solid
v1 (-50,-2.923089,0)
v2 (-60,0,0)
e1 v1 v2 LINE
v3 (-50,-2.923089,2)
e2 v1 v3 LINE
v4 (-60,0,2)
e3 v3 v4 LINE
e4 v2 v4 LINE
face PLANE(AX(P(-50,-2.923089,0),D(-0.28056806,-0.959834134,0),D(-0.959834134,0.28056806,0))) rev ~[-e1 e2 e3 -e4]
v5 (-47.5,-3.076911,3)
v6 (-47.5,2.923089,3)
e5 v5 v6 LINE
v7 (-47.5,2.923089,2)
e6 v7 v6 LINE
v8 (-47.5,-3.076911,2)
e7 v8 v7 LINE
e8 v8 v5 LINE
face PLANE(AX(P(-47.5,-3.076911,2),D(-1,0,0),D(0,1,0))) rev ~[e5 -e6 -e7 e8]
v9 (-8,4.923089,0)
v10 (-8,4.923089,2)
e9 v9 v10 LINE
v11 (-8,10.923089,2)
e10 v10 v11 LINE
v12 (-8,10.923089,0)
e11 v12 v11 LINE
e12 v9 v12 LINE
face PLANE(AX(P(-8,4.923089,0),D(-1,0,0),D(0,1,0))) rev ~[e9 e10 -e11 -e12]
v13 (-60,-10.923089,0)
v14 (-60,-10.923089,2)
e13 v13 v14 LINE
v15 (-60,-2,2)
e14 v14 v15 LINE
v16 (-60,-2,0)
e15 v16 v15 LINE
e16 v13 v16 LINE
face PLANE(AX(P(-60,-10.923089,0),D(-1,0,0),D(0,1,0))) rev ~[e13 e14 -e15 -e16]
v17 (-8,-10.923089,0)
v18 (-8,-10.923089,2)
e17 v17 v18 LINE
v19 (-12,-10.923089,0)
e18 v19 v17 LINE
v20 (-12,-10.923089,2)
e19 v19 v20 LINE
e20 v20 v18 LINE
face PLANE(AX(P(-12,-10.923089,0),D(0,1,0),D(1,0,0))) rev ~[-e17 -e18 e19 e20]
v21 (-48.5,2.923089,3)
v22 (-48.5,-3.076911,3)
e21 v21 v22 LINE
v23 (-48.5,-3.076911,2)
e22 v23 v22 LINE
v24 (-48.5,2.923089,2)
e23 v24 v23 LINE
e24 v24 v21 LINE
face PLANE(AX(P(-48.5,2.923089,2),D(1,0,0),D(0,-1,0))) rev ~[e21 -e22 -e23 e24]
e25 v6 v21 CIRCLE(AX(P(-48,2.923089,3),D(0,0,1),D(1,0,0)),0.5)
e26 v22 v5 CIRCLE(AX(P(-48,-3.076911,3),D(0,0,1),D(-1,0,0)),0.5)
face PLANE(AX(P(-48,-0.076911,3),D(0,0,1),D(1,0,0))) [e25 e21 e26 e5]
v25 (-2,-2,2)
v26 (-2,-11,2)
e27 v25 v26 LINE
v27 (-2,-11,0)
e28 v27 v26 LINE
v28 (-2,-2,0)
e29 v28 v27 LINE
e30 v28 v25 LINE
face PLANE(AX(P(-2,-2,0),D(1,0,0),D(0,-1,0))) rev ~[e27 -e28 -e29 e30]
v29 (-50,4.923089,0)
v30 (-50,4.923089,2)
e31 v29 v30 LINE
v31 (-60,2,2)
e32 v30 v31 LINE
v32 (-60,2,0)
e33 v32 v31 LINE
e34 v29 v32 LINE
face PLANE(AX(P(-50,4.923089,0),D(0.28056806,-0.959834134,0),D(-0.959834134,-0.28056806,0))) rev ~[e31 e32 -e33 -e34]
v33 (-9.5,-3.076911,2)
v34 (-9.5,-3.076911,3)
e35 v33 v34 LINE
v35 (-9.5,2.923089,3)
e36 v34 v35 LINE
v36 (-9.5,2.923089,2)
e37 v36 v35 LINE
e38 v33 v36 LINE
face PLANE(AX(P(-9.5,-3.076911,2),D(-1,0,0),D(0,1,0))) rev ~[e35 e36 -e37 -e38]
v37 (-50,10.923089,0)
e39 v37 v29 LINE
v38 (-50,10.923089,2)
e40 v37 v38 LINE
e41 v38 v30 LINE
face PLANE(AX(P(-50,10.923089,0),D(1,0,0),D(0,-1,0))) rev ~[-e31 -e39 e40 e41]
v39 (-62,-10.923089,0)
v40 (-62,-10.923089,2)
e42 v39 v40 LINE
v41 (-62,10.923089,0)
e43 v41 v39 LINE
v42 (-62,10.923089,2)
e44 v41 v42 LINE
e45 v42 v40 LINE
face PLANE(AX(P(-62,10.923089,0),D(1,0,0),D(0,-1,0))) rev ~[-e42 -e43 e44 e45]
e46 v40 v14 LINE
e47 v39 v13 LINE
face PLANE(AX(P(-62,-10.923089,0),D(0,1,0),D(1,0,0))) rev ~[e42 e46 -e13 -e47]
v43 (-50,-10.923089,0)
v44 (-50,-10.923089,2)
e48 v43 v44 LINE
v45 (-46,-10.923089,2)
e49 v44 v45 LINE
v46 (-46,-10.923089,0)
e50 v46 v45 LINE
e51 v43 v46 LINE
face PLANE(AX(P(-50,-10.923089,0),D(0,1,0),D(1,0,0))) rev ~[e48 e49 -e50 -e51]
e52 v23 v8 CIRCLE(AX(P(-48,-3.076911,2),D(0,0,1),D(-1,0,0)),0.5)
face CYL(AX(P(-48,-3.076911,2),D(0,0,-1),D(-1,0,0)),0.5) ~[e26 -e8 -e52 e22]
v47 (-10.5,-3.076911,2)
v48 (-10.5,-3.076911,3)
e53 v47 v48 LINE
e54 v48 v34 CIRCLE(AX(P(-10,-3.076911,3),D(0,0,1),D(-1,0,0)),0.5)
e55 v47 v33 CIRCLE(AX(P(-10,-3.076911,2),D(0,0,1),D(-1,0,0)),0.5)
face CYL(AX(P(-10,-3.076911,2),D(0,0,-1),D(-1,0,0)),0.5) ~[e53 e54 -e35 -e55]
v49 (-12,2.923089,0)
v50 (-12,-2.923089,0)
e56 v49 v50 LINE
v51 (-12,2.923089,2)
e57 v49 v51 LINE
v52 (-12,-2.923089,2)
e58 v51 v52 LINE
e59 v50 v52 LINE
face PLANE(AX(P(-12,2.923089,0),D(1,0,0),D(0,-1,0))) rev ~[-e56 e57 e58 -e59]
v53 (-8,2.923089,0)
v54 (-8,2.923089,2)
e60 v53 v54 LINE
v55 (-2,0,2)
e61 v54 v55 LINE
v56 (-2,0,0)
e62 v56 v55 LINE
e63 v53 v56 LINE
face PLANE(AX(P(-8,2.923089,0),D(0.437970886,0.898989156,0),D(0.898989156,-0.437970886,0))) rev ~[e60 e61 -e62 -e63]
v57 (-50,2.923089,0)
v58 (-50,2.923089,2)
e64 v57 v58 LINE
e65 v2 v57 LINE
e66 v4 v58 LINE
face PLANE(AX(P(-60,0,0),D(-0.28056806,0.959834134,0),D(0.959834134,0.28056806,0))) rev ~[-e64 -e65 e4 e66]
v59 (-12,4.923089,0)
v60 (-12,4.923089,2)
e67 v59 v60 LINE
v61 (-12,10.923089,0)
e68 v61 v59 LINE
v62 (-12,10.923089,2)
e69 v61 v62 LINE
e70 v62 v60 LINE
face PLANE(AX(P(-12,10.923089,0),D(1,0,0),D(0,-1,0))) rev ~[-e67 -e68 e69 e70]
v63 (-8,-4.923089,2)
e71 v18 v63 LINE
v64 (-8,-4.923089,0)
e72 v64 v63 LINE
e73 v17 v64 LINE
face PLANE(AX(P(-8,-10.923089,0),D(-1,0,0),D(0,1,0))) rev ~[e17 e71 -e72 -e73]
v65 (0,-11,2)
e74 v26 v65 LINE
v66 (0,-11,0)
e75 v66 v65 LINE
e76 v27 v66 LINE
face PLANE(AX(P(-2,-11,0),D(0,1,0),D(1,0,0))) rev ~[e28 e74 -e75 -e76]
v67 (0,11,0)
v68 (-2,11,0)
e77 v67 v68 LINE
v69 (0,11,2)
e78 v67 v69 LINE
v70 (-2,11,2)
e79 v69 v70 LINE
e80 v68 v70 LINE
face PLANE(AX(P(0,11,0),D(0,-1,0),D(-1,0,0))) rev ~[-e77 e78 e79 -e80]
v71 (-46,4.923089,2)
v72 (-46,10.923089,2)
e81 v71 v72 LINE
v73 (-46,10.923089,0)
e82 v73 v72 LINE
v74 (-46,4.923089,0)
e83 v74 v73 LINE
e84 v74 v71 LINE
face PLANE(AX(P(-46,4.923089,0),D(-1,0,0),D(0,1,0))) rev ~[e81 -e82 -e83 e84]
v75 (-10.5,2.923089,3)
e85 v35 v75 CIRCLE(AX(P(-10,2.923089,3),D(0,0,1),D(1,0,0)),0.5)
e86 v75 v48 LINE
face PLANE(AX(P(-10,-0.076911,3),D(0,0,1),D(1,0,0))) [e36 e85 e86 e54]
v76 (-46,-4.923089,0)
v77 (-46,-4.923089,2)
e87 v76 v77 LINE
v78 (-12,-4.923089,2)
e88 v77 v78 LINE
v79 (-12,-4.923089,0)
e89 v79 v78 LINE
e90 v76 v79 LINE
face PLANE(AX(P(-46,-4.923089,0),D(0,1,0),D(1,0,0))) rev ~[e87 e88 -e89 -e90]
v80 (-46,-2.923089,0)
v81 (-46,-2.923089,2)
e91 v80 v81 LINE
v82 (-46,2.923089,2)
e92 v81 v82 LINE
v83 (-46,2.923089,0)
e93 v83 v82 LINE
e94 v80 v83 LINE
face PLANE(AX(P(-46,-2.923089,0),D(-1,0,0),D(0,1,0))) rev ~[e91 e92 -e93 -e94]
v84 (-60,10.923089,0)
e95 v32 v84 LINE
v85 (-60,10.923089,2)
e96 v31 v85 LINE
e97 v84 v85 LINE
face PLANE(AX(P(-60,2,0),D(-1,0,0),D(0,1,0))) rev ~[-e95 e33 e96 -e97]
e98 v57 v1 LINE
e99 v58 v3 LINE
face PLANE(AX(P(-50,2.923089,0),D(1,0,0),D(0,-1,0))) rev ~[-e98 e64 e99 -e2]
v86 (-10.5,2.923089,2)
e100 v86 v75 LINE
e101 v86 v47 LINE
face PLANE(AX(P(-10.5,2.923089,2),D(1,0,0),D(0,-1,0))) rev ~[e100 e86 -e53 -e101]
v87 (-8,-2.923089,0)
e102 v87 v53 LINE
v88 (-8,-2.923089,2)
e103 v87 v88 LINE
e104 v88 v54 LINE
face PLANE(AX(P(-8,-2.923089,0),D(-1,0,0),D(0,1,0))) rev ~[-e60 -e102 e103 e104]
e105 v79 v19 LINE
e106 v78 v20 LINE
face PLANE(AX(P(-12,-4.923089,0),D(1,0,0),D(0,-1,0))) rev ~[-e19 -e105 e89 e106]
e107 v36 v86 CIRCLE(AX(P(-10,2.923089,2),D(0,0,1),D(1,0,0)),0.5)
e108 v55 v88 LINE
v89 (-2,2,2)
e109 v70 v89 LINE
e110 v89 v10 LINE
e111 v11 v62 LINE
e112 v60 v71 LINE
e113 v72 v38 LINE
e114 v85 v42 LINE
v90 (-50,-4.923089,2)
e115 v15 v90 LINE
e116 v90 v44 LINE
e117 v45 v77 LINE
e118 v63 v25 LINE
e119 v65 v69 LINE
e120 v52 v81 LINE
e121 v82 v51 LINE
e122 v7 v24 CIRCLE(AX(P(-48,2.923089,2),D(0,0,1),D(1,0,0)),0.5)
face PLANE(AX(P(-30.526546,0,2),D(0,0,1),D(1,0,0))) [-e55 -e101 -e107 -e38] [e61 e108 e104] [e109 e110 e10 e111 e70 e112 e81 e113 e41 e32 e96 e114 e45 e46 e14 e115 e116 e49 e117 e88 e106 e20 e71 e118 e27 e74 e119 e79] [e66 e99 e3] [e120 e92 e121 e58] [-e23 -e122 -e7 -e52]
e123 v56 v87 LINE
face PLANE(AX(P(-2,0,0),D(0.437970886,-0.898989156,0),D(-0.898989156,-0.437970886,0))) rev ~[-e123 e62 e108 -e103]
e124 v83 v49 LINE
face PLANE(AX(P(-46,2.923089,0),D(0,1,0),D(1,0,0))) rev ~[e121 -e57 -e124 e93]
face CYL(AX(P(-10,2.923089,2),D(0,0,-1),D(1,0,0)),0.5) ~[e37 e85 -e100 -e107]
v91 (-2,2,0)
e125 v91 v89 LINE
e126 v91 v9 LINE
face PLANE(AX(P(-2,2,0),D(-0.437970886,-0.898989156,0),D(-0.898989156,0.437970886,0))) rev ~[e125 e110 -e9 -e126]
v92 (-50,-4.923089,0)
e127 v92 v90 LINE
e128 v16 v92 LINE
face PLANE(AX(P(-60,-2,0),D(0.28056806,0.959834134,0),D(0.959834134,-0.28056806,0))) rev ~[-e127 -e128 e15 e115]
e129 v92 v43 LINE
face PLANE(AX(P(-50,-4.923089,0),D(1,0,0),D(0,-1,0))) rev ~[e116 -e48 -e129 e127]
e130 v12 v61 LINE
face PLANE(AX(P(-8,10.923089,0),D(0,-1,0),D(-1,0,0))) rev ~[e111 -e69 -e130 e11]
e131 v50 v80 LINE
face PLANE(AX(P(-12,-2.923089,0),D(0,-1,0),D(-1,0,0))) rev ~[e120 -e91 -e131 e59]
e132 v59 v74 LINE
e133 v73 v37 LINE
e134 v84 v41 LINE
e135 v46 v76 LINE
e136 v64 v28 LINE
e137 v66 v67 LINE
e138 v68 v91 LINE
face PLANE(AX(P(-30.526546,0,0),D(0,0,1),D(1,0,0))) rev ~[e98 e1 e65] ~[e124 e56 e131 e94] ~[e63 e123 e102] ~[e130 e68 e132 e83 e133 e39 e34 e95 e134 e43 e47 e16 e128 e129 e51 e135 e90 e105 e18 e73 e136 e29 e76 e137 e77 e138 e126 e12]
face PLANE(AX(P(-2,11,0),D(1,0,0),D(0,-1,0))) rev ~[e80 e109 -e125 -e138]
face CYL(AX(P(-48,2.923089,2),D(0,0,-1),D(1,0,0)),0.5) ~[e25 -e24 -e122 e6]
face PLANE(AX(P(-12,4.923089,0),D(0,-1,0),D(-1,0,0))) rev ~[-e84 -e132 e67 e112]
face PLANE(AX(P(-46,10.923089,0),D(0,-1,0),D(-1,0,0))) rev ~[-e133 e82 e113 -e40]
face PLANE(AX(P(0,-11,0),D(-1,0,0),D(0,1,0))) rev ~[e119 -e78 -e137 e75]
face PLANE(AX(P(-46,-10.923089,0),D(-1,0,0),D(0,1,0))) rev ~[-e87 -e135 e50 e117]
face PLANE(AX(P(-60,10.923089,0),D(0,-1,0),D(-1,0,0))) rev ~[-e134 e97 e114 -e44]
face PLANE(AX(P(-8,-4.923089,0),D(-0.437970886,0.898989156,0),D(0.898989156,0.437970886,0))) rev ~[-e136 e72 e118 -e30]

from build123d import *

# Parameters (mm, degrees)
F1_DEPTH = 2
F3_DEPTH = 1


with BuildPart() as f1:
    # F0 (on Top) → F1 (new body)
    with BuildSketch(Plane.XY):
        Polygon((0, -11), (0, 0), (0, 11), (-2, 11), (-2, 2), (-8, 4.923089), (-8, 10.923089), (-12, 10.923089), (-12, 4.923089), (-29, 4.923089), (-46, 4.923089), (-46, 10.923089), (-50, 10.923089), (-50, 4.923089), (-60, 2), (-60, 10.923089), (-62, 10.923089), (-62, -10.923089), (-60, -10.923089), (-60, -2), (-50, -4.923089), (-50, -10.923089), (-46, -10.923089), (-46, -4.923089), (-29, -4.923089), (-12, -4.923089), (-12, -10.923089), (-8, -10.923089), (-8, -4.923089), (-2, -2), (-2, -11), align=None)
        Polygon((-60, 0), (-50, 2.923089), (-50, -2.923089), align=None, mode=Mode.SUBTRACT)
        Polygon((-12, 2.923089), (-12, 0), (-12, -2.923089), (-29, -2.923089), (-46, -2.923089), (-46, 0), (-46, 2.923089), (-29, 2.923089), align=None, mode=Mode.SUBTRACT)
        Polygon((-8, 2.923089), (-2, 0), (-8, -2.923089), (-8, 0), align=None, mode=Mode.SUBTRACT)
    extrude(amount=F1_DEPTH)

    # F2 (on face) → F3 (join)
    with BuildSketch(Plane.XY.offset(2)):
        with BuildLine():
            Line((-47.5, -3.076911), (-47.5, 2.923089))
            ThreePointArc((-47.5, 2.923089), (-48, 3.423089), (-48.5, 2.923089))
            Line((-48.5, 2.923089), (-48.5, -3.076911))
            ThreePointArc((-48.5, -3.076911), (-48, -3.576911), (-47.5, -3.076911))
        make_face()
        with BuildLine():
            Line((-9.5, -3.076911), (-9.5, 2.923089))
            ThreePointArc((-9.5, 2.923089), (-10, 3.423089), (-10.5, 2.923089))
            Line((-10.5, 2.923089), (-10.5, -3.076911))
            ThreePointArc((-10.5, -3.076911), (-10, -3.576911), (-9.5, -3.076911))
        make_face()
    extrude(amount=F3_DEPTH)


solid = f1.part
